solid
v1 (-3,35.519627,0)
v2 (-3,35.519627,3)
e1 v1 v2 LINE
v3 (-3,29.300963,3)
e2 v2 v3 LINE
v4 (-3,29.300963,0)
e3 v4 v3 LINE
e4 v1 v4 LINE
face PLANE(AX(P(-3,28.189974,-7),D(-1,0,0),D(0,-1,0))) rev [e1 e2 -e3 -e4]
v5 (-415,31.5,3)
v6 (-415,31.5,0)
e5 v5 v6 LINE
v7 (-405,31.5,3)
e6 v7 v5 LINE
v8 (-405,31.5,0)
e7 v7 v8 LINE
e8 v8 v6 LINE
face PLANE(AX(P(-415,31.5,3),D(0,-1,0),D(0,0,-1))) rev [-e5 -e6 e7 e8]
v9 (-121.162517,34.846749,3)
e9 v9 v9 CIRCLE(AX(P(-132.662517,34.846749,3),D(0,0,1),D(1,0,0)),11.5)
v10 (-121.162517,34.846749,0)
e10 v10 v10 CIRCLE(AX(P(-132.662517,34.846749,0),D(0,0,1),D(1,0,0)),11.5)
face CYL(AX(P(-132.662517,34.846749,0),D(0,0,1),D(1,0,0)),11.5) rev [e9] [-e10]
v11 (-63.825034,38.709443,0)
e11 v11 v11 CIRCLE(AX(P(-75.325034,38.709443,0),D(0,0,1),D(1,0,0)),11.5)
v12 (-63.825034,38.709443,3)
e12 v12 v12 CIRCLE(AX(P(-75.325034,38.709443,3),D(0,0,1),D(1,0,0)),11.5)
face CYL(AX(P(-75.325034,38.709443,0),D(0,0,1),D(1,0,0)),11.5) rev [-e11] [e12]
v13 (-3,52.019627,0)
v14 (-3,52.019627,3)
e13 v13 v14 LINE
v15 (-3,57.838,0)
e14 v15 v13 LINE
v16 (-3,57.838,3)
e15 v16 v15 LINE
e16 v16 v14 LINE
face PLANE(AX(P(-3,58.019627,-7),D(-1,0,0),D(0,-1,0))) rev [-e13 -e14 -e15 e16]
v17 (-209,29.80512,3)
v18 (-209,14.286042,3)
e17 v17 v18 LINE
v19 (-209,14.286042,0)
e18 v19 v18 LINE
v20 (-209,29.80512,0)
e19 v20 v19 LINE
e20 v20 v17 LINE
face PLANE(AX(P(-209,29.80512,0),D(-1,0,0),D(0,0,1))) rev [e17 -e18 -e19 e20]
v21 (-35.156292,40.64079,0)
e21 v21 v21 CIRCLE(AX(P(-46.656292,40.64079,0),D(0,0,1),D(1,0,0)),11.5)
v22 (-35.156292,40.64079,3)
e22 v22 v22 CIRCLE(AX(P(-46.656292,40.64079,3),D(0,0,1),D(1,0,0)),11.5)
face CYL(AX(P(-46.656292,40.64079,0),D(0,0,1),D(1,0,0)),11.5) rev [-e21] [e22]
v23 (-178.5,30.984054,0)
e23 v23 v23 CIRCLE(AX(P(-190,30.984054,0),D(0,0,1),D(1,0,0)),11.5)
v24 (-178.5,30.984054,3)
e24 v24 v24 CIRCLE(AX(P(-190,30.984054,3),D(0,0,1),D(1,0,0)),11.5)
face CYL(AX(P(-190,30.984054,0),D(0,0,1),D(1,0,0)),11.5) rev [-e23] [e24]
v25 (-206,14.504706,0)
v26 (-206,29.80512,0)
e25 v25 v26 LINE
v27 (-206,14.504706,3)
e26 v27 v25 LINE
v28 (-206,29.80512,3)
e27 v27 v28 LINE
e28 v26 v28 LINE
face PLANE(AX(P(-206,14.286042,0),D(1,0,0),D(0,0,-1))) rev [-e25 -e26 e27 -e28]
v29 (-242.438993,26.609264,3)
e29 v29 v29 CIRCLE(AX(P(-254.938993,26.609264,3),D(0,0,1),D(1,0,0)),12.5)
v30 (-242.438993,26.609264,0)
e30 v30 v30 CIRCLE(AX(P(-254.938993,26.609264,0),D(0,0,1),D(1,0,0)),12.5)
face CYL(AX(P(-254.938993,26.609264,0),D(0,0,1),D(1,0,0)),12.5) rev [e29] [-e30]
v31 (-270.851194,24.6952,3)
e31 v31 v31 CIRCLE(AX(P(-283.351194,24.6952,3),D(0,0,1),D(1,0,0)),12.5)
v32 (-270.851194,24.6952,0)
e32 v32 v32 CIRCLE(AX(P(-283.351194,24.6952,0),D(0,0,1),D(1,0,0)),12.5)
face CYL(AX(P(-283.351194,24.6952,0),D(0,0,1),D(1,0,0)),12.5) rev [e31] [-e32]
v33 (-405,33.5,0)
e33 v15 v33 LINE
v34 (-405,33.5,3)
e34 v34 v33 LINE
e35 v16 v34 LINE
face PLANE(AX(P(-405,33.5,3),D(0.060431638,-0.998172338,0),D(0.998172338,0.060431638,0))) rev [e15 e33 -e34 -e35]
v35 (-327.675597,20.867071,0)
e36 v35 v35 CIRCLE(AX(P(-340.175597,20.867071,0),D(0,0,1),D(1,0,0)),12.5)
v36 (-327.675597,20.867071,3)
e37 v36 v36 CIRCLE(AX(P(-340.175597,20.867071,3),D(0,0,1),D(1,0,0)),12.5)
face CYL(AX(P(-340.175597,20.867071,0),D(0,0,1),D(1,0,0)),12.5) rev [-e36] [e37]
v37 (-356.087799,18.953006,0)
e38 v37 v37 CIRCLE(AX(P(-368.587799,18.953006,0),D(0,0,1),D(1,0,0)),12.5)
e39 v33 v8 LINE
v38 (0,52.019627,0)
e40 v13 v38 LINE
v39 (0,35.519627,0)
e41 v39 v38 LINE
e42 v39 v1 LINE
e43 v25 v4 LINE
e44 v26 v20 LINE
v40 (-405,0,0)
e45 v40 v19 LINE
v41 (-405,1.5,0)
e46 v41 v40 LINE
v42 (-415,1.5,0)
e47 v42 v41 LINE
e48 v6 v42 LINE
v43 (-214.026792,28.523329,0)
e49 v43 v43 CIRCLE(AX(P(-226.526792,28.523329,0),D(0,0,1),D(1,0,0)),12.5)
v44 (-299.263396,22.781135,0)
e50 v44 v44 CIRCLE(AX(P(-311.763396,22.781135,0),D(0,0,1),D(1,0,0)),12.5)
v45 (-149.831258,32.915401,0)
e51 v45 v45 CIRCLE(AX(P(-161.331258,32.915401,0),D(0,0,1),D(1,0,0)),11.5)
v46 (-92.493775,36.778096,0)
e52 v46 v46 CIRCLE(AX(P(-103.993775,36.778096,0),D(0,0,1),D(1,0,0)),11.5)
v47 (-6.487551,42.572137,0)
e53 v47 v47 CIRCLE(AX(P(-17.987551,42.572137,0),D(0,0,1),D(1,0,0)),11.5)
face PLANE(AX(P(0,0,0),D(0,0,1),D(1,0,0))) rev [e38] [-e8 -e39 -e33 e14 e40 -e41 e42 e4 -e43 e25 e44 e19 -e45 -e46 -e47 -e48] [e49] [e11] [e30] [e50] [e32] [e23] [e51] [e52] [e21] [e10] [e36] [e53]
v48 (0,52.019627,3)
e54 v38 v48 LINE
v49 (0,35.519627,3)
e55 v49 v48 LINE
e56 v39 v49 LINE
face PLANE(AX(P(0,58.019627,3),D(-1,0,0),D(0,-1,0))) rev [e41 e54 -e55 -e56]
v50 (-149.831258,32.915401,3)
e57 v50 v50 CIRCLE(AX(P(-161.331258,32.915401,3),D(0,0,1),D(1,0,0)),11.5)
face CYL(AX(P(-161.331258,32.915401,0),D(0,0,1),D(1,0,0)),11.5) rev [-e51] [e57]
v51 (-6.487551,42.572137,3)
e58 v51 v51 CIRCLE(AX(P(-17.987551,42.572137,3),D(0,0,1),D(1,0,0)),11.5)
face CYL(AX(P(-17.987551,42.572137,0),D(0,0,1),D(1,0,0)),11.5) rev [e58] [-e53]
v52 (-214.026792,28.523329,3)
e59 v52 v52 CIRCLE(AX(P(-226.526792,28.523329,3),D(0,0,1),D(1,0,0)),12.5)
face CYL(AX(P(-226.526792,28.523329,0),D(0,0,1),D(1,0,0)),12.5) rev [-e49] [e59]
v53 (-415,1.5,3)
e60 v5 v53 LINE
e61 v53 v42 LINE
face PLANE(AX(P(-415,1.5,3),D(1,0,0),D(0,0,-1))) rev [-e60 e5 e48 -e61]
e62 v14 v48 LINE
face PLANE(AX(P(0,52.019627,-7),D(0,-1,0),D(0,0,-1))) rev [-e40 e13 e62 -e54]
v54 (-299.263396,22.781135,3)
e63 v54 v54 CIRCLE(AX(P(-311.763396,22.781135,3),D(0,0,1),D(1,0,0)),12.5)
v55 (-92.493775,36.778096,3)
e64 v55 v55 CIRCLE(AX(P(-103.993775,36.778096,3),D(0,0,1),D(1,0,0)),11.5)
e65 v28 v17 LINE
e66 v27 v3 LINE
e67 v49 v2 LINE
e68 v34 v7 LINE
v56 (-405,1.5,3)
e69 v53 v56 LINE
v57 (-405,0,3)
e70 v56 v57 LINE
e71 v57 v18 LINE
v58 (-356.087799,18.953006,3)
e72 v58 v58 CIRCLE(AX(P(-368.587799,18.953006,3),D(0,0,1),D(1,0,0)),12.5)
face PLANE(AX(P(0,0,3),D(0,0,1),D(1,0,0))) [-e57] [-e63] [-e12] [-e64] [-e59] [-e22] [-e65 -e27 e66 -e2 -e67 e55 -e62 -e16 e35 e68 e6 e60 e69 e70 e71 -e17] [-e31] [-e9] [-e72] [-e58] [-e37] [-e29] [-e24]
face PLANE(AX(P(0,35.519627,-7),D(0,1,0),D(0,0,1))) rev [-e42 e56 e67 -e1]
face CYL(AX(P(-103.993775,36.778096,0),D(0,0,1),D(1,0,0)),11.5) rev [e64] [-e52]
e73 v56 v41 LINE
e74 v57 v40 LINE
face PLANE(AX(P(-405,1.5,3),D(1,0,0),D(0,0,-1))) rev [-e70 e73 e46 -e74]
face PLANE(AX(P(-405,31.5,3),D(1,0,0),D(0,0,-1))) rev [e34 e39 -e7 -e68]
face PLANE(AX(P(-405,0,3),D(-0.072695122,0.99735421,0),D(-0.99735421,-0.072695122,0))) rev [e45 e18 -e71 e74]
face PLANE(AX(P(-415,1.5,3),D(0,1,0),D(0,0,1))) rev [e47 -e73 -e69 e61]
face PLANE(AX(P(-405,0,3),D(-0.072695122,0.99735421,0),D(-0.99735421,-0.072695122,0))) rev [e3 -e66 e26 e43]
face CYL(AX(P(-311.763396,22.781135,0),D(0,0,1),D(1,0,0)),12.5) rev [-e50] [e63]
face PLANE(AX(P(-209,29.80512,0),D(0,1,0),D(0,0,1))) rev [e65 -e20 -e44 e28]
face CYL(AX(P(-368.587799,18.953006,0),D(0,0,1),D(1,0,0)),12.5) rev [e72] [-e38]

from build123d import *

# Parameters (mm, degrees)
BOSS_EXTRUDE1_DEPTH     = 3
SKETCH2_R               = 12.5
SKETCH2_R_2             = 11.5
SKETCH2_W               = 3
SKETCH2_H               = 15.519078079
CUT_EXTRUDE1_DEPTH      = 1
CUT_EXTRUDE1_DEPTH_BACK = 4
SKETCH3_W               = 3
SKETCH3_H               = 6
SKETCH3_H_2             = 7.329652721
CUT_EXTRUDE2_DEPTH      = 10


with BuildPart() as part:
    # Sketch1 → Boss-Extrude1 (new body)
    with BuildSketch(Plane.XY):
        Polygon((-415, 1.5), (-415, 31.5), (-405, 31.5), (-405, 33.5), (0, 58.019626957), (0, 29.519626957), (-405, 0), (-405, 1.5), align=None)
    extrude(amount=BOSS_EXTRUDE1_DEPTH)

    # Sketch2 → Cut-Extrude1 (cut, two sides)
    with BuildSketch(Plane.XY.offset(3)) as cut_extrude1_sk:
        with Locations((-368.587798604, 18.953006079)):
            Circle(SKETCH2_R)
        with Locations((-340.175597209, 20.867070597)):
            Circle(SKETCH2_R)
        with Locations((-311.763395813, 22.781135116)):
            Circle(SKETCH2_R)
        with Locations((-283.351194418, 24.695199634)):
            Circle(SKETCH2_R)
        with Locations((-254.938993022, 26.609264153)):
            Circle(SKETCH2_R)
        with Locations((-226.526791627, 28.523328671)):
            Circle(SKETCH2_R)
        with Locations((-190, 30.98405443)):
            Circle(SKETCH2_R_2)
        with Locations((-161.331258472, 32.915401465)):
            Circle(SKETCH2_R_2)
        with Locations((-132.662516945, 34.846748501)):
            Circle(SKETCH2_R_2)
        with Locations((-103.993775417, 36.778095537)):
            Circle(SKETCH2_R_2)
        with Locations((-75.325033889, 38.709442573)):
            Circle(SKETCH2_R_2)
        with Locations((-46.656292362, 40.640789609)):
            Circle(SKETCH2_R_2)
        with Locations((-17.987550834, 42.572136645)):
            Circle(SKETCH2_R_2)
        with Locations((-207.5, 22.045580728)):
            Rectangle(SKETCH2_W, SKETCH2_H)
    extrude(amount=CUT_EXTRUDE1_DEPTH, mode=Mode.SUBTRACT)
    extrude(cut_extrude1_sk.sketch, amount=-CUT_EXTRUDE1_DEPTH_BACK, mode=Mode.SUBTRACT)

    # Sketch3 → Cut-Extrude2 (cut)
    with BuildSketch(Plane.XY.offset(3)):
        with Locations((-1.5, 55.019626957)):
            Rectangle(SKETCH3_W, SKETCH3_H)
        with Locations((-1.5, 31.854800596)):
            Rectangle(SKETCH3_W, SKETCH3_H_2)
    extrude(amount=-CUT_EXTRUDE2_DEPTH, mode=Mode.SUBTRACT)


solid = part.part
